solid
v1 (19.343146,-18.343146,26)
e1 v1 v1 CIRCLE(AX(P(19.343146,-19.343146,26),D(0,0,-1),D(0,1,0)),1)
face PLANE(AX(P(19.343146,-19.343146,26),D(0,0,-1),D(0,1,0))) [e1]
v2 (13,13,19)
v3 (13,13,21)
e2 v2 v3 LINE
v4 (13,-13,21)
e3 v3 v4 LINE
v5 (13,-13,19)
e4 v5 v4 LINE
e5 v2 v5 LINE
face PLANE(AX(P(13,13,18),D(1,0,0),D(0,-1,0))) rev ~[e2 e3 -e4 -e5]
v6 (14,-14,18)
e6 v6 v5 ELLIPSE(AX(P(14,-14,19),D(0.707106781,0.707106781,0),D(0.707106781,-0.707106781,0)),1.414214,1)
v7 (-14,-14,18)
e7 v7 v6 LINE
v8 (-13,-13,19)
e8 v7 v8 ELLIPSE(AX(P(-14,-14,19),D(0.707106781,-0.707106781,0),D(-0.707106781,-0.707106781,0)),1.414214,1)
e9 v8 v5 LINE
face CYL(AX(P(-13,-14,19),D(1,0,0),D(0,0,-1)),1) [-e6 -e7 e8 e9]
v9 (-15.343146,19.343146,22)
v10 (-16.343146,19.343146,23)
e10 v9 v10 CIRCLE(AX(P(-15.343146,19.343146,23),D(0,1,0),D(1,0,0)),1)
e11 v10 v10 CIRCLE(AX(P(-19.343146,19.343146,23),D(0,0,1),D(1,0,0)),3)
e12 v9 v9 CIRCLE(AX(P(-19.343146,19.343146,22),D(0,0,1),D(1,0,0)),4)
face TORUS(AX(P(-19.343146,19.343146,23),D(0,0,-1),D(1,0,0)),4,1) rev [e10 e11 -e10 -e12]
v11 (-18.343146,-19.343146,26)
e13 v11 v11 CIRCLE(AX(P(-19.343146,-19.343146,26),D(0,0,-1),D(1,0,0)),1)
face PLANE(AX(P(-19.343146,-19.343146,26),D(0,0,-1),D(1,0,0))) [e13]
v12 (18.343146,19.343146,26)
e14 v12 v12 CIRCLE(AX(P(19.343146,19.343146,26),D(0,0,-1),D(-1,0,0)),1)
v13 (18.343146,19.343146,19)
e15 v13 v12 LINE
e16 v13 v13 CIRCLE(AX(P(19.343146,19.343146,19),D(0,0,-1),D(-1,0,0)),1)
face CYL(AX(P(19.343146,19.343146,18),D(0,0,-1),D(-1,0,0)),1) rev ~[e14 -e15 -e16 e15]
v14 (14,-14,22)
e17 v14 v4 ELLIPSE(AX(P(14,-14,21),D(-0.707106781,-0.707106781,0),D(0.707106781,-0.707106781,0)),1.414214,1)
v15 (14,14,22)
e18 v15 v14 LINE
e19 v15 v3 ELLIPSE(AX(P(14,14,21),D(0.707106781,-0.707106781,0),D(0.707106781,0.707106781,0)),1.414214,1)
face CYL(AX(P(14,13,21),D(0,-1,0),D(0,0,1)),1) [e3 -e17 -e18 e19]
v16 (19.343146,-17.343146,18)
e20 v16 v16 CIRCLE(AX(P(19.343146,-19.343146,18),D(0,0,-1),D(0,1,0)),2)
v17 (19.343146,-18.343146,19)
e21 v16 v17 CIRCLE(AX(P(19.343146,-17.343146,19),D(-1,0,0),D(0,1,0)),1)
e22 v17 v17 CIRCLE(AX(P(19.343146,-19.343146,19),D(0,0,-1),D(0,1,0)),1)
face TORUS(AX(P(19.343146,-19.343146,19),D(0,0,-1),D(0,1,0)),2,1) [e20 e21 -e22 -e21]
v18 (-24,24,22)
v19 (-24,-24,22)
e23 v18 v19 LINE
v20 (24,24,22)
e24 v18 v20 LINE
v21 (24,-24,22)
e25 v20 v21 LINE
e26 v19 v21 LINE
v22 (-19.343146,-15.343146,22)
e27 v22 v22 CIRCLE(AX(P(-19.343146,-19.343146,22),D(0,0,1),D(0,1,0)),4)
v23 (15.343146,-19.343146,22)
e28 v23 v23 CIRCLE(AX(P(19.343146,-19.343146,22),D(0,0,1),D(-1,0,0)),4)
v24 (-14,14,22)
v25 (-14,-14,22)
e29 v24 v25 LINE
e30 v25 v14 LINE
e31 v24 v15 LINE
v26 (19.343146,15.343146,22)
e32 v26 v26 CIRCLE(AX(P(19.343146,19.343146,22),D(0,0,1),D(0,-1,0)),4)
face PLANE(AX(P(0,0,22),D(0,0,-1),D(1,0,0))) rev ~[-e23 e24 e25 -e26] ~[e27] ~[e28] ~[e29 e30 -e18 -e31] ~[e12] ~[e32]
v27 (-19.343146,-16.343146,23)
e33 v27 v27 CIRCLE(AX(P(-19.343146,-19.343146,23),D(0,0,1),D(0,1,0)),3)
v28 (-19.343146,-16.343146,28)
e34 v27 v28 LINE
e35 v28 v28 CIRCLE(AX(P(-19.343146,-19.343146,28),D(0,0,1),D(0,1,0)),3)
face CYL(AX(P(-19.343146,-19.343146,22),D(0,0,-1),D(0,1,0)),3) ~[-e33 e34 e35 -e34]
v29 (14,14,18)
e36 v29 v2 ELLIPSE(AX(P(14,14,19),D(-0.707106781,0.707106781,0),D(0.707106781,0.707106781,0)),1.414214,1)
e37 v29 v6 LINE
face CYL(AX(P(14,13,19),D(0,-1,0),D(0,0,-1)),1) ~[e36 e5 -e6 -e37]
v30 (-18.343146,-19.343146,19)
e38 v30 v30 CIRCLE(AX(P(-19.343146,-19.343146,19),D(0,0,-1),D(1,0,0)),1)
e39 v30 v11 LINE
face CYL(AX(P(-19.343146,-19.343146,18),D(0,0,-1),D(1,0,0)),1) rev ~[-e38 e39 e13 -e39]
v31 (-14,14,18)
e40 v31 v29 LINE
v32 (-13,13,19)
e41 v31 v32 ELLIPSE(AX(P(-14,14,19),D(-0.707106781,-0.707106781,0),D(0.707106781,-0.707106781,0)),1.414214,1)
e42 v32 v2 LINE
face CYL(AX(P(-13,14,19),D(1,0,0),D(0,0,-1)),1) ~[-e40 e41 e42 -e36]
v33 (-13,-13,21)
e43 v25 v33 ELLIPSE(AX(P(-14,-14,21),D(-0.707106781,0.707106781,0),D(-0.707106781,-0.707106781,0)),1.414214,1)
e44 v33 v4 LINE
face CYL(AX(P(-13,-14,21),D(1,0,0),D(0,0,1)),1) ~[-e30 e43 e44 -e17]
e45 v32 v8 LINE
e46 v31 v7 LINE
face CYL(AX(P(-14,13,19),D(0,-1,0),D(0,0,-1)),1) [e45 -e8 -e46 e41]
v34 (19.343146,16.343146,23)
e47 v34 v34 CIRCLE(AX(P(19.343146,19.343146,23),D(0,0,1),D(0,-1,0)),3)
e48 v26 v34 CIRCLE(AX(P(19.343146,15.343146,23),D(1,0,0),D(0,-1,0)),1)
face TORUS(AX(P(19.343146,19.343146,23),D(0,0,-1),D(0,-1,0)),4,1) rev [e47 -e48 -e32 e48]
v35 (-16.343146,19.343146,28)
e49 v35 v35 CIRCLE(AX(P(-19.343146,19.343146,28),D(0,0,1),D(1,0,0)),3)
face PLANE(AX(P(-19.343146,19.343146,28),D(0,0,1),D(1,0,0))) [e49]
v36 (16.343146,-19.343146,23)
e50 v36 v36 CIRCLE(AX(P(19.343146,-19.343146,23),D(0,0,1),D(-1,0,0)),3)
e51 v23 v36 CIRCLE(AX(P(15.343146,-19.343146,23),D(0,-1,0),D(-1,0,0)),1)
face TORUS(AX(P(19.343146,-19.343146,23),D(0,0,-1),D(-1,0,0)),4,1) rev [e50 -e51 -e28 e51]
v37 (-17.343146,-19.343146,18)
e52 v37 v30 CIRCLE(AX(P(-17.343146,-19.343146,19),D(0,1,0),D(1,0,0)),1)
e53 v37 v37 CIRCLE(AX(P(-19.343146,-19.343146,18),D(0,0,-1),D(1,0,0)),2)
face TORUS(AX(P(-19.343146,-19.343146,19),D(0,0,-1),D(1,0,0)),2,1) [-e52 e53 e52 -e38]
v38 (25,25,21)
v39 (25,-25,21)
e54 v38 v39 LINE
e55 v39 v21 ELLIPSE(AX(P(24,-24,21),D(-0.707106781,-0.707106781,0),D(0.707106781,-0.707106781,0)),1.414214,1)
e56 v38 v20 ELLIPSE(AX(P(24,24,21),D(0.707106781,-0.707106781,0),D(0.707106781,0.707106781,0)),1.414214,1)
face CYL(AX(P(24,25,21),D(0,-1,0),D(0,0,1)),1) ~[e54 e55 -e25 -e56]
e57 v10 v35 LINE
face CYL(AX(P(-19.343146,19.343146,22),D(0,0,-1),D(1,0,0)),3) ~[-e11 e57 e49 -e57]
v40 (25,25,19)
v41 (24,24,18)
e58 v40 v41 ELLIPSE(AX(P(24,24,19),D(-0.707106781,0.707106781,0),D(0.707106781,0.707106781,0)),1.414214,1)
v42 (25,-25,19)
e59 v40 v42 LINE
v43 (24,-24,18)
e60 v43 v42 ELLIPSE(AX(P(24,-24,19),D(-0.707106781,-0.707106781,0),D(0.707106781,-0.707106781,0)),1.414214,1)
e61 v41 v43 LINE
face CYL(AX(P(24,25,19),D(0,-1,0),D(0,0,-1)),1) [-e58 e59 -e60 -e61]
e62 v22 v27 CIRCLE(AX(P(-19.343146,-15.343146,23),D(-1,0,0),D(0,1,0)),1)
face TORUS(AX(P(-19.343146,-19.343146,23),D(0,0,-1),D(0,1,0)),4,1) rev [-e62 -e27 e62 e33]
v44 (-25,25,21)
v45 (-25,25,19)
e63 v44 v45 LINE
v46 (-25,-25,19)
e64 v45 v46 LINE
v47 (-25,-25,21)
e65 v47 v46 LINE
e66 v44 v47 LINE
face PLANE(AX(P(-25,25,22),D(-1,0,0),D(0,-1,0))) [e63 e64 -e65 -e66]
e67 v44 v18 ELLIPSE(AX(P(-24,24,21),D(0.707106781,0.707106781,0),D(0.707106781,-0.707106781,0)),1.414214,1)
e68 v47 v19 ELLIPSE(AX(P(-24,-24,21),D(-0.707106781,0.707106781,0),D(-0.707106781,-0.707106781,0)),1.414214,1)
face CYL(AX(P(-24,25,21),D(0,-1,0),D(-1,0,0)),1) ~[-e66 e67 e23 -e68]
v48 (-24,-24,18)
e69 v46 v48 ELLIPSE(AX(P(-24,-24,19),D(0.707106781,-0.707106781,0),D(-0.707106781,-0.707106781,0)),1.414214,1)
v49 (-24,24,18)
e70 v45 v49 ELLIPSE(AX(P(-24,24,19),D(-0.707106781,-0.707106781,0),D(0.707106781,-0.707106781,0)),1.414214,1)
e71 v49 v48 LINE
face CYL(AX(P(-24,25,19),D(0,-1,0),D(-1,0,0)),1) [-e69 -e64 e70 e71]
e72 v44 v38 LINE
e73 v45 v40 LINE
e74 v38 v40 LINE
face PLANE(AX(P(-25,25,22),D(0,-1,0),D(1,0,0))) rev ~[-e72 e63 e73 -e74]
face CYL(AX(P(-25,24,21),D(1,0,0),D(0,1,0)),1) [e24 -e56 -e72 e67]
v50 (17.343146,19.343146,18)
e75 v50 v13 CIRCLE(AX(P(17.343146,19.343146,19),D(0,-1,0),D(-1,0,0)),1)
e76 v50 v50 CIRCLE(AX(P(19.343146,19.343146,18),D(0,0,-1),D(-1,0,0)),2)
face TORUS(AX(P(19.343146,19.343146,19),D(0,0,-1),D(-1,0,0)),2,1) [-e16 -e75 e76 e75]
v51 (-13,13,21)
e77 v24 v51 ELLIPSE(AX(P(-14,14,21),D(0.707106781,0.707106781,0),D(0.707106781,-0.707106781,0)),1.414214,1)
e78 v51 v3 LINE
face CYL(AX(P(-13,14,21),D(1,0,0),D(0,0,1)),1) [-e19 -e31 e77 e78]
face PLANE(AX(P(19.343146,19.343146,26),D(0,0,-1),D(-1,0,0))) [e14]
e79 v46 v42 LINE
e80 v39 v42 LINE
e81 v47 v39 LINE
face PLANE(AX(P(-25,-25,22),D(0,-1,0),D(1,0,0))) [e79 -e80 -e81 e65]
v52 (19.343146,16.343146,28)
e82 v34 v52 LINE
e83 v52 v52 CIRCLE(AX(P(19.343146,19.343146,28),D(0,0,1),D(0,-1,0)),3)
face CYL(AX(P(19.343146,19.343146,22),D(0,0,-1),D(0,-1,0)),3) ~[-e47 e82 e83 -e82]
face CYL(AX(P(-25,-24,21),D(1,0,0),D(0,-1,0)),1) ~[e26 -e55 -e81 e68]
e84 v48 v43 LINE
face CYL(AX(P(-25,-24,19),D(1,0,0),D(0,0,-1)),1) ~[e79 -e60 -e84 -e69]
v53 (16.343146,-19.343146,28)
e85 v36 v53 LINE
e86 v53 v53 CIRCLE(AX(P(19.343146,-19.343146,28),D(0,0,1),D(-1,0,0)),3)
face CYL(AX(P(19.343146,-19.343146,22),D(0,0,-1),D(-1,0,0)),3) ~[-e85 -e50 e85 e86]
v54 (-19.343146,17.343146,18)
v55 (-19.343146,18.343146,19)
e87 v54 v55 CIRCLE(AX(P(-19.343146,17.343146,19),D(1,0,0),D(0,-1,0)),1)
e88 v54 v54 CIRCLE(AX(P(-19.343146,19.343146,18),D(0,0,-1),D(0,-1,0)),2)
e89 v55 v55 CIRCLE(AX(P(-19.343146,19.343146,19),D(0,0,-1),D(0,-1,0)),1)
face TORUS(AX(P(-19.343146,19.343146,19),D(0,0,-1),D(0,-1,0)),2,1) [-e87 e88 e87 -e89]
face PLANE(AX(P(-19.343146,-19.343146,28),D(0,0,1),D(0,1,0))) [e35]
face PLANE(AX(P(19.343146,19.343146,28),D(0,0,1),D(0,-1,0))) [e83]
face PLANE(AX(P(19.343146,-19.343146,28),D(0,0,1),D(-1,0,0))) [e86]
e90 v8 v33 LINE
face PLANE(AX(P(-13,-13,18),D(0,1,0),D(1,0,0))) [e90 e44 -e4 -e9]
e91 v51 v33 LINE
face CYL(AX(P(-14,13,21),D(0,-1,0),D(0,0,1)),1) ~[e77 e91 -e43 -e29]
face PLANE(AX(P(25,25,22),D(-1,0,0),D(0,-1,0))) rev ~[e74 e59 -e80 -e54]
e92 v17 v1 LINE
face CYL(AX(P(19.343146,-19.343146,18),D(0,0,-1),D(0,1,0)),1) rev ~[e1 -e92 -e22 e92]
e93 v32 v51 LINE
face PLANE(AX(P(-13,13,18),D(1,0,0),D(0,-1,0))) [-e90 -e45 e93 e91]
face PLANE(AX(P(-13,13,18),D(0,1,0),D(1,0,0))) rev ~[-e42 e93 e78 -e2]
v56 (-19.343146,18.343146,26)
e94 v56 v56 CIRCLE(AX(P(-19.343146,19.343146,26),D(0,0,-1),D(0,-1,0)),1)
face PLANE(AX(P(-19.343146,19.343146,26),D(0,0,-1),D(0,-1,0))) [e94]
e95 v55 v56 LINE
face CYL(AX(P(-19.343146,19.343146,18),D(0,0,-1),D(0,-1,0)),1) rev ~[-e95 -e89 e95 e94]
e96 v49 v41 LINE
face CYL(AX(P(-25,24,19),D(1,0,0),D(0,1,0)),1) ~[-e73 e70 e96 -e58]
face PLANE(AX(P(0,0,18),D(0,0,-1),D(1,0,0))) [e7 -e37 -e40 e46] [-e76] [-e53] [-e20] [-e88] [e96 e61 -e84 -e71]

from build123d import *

# Parameters (mm, degrees)
SKETCH009_W             = 50
SKETCH009_H             = 50
PAD003_DEPTH            = 4
SKETCH010_W             = 26
SKETCH010_H             = 26
POCKET003_DEPTH         = 10
SKETCH011_R             = 3
PAD004_DEPTH            = 6
POLARPATTERN003_COUNT   = 4
SKETCH012_R             = 1
POCKET004_DEPTH         = 8
POLARPATTERN004_COUNT   = 4
FILLET015_R             = 1
FILLET016_R             = 1
BODY002_PLACEMENT_ANGLE = 180


with BuildPart() as part:
    # Sketch009 → Pad003 (new body)
    with BuildSketch(Plane.XY):
        Rectangle(SKETCH009_W, SKETCH009_H)
    extrude(amount=PAD003_DEPTH)

    # Sketch010 (on Face6 of Pad003) → Pocket003 (cut)
    with BuildSketch(Plane.XY.offset(4)):
        Rectangle(SKETCH010_W, SKETCH010_H)
    extrude(amount=-POCKET003_DEPTH, mode=Mode.SUBTRACT)

    # Sketch011 (on Face4 of Pocket003) → Pad004 (join)
    with BuildSketch(Plane(origin=(0, 0, 0), x_dir=(1, 0, 0), z_dir=(0, 0, -1))):
        with Locations((-19.343146, 19.343146)):
            Circle(SKETCH011_R)
    pad004 = extrude(amount=PAD004_DEPTH)

    # PolarPattern003: Pad004 ×4 about axis
    polarpattern003_axis = Axis((0, 0, 0), (0, 0, -1))
    for i in range(1, POLARPATTERN003_COUNT):
        add(pad004.rotate(polarpattern003_axis, i * 360 / POLARPATTERN003_COUNT))

    # Sketch012 (on Face5 of PolarPattern003) → Pocket004 (cut)
    with BuildSketch(Plane.XY.offset(4)):
        with Locations((-19.343146, 19.343146)):
            Circle(SKETCH012_R)
    pocket004 = extrude(amount=-POCKET004_DEPTH, mode=Mode.SUBTRACT)

    # PolarPattern004: Pocket004 ×4 about axis
    polarpattern004_axis = Axis((0, 0, 4), (0, 0, 1))
    for i in range(1, POLARPATTERN004_COUNT):
        add(pocket004.rotate(polarpattern004_axis, i * 360 / POLARPATTERN004_COUNT), mode=Mode.SUBTRACT)

    # Fillet015
    fillet015_edges = [part.edges().sort_by_distance(p)[0] for p in [
        (-25, 0, 0),
        (0, -25, 0),
        (0, 25, 0),
        (25, 0, 0),
        (-22.343146, -19.343146, 0),
        (19.343146, -22.343146, 0),
        (0, -13, 0),
        (13, 0, 0),
        (-13, 0, 0),
        (0, 13, 0),
        (-19.343146, 22.343146, 0),
        (22.343146, 19.343146, 0),
    ]]
    fillet(fillet015_edges, radius=FILLET015_R)

    # Fillet016
    fillet016_edges = [part.edges().sort_by_distance(p)[0] for p in [
        (-25, 0, 4),
        (0, -25, 4),
        (0, 25, 4),
        (25, 0, 4),
        (-19.343146, -20.343146, 4),
        (20.343146, -19.343146, 4),
        (-20.343146, 19.343146, 4),
        (0, -13, 4),
        (13, 0, 4),
        (-13, 0, 4),
        (0, 13, 4),
        (19.343146, 20.343146, 4),
    ]]
    fillet(fillet016_edges, radius=FILLET016_R)


with BuildPart() as part_1:
    # Body002 placement: moved
    add(part.part.moved(Location((0, 0, 22))).rotate(Axis((0, 0, 22), (1, 0, 0)), BODY002_PLACEMENT_ANGLE))


solid = part_1.part
